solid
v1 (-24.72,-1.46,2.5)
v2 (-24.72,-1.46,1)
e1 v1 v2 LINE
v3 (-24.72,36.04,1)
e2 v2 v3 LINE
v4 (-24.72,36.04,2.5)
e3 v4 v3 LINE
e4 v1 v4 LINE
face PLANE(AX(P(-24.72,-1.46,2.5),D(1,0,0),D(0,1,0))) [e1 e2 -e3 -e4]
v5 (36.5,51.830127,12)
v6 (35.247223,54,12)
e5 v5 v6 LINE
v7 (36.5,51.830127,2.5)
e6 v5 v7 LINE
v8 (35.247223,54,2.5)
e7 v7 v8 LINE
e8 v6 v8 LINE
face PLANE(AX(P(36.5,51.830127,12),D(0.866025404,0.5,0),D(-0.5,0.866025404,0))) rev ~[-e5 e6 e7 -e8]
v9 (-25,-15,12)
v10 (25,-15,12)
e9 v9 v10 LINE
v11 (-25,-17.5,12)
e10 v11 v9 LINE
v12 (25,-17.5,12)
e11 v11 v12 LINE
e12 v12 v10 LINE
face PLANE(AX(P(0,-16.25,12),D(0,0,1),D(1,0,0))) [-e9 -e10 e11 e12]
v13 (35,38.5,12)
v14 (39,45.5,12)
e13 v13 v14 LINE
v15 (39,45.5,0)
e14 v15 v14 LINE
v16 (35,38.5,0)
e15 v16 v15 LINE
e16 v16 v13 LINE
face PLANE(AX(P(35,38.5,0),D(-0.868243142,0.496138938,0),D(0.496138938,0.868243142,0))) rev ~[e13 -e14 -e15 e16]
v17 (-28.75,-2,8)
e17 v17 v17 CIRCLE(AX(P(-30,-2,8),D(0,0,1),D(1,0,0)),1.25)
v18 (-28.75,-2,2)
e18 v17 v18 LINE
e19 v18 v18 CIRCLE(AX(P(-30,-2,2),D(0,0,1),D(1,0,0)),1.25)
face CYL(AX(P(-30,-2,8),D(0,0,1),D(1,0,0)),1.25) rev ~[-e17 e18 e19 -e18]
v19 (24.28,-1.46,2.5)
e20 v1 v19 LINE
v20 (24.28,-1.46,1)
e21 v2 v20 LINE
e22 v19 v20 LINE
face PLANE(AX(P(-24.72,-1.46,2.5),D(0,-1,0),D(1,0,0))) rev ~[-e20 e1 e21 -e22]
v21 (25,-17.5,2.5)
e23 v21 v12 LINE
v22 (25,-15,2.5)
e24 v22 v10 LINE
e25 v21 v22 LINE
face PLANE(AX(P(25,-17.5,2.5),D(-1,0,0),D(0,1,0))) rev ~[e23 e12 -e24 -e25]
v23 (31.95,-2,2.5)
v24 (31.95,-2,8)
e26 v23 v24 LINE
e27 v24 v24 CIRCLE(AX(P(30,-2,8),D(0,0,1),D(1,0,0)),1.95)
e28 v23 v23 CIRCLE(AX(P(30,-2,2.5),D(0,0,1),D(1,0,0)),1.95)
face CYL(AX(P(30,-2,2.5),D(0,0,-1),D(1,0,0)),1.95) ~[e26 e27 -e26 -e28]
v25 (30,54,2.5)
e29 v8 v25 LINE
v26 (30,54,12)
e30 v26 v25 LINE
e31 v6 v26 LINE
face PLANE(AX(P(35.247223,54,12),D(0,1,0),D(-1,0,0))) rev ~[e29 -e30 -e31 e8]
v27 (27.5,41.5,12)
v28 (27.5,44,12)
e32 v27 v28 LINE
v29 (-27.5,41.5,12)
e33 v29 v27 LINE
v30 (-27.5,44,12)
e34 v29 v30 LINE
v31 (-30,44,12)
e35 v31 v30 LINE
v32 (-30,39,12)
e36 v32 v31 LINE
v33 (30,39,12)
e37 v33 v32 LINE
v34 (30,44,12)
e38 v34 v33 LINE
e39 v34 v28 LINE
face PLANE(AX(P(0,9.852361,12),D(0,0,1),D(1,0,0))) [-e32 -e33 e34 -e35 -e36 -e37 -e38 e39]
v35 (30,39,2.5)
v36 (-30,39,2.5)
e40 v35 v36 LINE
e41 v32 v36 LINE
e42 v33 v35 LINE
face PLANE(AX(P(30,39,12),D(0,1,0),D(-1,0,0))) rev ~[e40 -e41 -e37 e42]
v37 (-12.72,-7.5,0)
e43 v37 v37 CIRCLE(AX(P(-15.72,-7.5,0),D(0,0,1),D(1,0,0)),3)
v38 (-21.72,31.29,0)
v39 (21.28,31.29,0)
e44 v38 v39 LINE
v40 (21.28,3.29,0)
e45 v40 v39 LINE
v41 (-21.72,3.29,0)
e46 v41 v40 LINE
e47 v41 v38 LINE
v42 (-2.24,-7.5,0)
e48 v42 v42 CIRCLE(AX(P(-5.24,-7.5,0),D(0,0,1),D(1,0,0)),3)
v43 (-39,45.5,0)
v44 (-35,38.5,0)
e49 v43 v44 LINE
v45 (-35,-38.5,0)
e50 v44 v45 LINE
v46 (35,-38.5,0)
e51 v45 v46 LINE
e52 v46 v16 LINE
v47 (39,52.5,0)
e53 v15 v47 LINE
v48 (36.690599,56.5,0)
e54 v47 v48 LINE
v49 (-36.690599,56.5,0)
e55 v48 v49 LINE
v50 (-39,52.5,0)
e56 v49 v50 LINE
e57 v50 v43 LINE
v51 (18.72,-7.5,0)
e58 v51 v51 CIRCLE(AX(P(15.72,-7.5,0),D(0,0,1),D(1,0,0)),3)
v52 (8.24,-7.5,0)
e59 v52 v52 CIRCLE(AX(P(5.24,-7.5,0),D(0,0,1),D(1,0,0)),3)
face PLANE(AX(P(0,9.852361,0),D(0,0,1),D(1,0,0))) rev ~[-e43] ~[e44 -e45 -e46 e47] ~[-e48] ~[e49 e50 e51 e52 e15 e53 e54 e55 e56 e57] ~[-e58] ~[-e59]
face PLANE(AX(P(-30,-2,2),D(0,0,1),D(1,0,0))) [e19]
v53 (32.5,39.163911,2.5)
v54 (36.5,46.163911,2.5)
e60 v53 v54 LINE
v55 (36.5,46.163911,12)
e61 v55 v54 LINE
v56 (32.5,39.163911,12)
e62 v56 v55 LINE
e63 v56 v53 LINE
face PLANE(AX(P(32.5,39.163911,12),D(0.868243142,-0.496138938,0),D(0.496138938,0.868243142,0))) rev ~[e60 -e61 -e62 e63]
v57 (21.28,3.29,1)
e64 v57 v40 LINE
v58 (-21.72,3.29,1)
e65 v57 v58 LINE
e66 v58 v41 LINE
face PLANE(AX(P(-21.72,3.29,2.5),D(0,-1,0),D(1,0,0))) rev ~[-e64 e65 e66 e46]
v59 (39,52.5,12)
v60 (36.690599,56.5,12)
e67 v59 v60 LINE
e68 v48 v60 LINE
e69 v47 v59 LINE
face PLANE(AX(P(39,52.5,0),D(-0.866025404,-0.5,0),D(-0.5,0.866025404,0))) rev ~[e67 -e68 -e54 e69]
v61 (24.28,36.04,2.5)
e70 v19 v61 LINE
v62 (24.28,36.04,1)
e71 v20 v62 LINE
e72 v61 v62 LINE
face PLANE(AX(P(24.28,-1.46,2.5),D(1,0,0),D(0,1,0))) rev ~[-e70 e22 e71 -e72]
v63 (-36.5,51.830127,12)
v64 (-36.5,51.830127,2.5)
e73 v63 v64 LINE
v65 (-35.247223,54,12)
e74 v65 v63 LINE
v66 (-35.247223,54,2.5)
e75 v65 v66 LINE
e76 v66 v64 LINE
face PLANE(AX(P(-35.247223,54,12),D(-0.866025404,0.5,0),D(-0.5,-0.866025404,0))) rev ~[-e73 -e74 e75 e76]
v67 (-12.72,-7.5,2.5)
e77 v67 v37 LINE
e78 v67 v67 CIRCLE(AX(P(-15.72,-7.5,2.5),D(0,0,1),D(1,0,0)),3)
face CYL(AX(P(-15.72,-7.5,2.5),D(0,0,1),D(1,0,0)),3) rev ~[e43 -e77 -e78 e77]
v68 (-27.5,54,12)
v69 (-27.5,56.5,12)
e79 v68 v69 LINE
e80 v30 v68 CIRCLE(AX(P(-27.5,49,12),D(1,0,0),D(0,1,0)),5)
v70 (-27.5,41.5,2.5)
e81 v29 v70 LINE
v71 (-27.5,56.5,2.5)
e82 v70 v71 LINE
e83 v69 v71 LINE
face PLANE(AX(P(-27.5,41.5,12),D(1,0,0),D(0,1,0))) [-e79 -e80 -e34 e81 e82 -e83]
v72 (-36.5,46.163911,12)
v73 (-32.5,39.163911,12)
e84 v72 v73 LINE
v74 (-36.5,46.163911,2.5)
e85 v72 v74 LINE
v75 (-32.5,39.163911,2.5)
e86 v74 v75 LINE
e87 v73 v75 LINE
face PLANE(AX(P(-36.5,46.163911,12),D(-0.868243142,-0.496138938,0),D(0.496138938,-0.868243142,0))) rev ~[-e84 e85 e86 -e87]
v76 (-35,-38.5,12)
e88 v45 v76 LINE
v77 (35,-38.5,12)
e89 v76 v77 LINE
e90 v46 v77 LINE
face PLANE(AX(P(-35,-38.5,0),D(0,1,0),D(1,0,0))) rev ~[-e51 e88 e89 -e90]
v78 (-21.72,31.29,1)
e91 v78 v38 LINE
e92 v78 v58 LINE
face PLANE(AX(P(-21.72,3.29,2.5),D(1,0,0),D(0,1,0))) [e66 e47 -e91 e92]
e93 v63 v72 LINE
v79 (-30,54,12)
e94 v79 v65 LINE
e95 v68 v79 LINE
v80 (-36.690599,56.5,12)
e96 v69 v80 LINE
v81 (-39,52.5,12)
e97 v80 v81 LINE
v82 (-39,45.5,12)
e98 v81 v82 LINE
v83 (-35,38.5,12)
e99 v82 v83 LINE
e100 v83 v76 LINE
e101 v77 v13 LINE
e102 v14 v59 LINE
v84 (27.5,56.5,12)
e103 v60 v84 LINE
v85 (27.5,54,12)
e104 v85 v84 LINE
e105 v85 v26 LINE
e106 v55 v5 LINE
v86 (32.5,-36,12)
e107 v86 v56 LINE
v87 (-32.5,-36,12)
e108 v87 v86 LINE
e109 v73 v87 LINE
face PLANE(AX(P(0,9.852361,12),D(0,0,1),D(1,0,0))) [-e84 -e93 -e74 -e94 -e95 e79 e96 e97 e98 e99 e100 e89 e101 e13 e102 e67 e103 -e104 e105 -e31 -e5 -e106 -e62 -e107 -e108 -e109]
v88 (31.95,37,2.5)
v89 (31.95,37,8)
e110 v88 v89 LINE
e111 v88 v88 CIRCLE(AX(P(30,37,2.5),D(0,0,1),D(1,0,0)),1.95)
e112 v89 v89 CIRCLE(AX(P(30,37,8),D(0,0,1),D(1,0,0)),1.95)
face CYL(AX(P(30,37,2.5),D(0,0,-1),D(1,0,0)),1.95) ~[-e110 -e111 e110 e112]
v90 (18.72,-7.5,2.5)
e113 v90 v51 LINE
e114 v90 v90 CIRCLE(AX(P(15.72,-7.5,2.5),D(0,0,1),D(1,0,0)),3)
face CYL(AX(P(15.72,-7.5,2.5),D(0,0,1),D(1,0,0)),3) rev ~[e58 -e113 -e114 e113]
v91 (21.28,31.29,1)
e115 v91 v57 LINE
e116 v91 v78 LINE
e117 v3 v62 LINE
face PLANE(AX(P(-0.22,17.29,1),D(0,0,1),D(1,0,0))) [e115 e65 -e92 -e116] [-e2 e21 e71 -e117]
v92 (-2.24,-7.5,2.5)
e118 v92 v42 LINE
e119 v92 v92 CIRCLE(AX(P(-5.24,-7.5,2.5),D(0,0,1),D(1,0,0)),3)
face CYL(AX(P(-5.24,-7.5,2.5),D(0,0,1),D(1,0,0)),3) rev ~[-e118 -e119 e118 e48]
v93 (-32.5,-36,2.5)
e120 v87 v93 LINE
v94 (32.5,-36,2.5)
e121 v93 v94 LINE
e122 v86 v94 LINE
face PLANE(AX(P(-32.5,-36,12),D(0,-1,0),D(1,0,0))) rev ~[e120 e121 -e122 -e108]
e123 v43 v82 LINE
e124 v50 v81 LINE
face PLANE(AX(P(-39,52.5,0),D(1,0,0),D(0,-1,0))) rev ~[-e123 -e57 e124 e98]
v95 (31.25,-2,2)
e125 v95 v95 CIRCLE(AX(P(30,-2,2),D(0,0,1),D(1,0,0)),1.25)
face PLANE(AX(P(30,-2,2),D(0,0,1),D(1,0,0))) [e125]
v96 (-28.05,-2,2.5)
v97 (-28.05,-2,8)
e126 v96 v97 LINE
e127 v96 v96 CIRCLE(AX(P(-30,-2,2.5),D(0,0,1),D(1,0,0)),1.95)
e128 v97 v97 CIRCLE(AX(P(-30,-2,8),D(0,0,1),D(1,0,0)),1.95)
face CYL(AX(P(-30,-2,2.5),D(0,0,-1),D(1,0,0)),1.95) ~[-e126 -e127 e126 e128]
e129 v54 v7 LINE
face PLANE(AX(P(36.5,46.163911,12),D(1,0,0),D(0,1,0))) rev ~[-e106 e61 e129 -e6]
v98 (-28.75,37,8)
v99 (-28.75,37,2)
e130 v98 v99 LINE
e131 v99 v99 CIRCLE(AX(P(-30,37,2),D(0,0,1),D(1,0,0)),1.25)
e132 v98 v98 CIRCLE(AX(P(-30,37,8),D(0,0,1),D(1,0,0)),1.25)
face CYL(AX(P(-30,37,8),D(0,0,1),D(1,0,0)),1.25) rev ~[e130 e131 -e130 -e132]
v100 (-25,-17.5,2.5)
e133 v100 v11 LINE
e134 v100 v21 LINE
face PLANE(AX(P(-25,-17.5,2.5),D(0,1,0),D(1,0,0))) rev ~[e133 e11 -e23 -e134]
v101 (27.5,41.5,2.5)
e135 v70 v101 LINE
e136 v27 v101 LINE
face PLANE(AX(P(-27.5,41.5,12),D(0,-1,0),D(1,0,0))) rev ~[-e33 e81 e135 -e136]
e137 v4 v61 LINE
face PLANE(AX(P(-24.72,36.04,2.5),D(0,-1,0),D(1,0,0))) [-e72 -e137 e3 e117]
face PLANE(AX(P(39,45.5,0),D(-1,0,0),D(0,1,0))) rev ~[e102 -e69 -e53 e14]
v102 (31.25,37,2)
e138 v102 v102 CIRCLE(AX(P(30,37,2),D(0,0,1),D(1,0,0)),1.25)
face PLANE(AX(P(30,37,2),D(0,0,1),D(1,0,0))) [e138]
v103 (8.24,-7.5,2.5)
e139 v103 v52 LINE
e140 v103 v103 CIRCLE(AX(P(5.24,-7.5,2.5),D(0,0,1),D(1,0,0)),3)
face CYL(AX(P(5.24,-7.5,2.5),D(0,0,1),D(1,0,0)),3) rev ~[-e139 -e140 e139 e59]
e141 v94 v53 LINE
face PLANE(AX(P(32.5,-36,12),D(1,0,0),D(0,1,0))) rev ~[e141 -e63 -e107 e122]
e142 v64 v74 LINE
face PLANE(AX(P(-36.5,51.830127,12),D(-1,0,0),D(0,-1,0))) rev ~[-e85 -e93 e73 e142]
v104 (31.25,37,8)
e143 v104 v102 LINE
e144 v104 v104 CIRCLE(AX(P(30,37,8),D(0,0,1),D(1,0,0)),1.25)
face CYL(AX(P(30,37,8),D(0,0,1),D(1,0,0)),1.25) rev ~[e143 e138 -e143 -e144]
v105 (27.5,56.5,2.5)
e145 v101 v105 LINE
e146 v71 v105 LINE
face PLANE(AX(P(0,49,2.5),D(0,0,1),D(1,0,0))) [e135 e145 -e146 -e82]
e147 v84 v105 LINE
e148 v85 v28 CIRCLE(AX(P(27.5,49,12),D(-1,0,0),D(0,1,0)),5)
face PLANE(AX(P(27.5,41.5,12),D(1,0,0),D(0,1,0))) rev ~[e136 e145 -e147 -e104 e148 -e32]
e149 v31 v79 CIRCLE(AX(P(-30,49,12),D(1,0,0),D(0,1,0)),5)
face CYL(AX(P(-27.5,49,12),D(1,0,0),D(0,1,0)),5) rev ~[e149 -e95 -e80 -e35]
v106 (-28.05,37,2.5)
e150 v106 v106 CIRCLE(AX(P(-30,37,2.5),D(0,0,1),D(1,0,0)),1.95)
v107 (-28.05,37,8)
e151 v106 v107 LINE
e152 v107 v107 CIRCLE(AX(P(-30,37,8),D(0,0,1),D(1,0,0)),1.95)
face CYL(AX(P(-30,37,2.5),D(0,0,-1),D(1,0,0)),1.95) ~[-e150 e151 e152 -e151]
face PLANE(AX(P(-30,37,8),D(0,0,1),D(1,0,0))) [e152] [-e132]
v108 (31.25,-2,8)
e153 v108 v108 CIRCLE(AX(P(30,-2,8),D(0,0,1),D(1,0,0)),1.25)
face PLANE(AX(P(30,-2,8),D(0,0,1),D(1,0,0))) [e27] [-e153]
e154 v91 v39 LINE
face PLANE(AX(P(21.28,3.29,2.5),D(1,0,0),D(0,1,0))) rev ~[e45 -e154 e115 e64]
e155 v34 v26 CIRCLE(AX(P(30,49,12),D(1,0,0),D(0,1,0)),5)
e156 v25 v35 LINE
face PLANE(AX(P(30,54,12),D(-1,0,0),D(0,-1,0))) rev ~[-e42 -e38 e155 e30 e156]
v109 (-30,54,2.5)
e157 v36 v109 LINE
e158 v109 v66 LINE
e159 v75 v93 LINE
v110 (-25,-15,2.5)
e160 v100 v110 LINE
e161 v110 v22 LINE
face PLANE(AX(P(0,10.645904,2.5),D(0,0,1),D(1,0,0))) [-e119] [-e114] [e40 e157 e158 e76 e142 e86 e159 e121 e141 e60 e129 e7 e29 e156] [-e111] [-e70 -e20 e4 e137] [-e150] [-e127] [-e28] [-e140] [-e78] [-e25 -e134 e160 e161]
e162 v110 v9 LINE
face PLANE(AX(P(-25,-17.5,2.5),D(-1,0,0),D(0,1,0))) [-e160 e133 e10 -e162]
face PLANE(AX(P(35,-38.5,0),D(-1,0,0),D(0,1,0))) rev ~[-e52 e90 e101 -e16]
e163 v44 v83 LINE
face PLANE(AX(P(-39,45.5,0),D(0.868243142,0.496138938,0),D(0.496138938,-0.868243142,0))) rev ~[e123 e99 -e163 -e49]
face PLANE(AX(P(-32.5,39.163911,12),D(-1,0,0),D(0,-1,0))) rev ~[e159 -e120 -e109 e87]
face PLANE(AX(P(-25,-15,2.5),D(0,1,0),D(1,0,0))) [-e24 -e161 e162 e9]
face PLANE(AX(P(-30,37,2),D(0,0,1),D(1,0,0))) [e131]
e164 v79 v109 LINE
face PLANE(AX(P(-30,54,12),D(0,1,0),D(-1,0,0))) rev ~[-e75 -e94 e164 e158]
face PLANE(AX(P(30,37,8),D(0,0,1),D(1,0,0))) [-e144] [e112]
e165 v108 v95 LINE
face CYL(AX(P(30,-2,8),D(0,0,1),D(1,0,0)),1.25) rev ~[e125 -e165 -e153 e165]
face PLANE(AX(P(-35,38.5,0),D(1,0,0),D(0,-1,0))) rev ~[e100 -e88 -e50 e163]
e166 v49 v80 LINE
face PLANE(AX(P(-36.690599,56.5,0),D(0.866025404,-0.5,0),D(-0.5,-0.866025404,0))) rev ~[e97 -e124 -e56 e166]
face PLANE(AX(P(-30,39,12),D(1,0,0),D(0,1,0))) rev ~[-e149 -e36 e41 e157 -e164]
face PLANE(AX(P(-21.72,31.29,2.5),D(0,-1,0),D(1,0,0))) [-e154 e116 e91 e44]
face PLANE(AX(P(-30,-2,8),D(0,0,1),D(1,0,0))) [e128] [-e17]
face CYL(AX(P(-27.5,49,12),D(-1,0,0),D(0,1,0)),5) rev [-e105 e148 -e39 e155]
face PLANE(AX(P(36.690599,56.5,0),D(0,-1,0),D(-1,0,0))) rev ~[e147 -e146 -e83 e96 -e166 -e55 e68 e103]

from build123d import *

# Parameters (mm, degrees)
F2_DEPTH      = 12
F3_W          = 55
F3_H          = 15
F4_DEPTH      = 9.5
F6_DEPTH      = 9.5
F7_R          = 5
F8_DEPTH      = 57.5
F8_DEPTH_BACK = 2.5
F9_W          = 50
F9_H          = 2.5
F10_DEPTH     = 9.5
F11_W         = 43
F11_H         = 28
F11_R         = 3
F12_DEPTH     = 2.5
F13_W         = 49
F13_H         = 37.5
F14_DEPTH     = 1.5
F15_R         = 1.95
F16_DEPTH     = 5.5
F17_R         = 1.25
F18_DEPTH     = 6


with BuildPart() as f2:
    # F1 (on Top) → F2 (new body)
    with BuildSketch(Plane.XY):
        Polygon((-35, 38.5), (-35, -38.5), (35, -38.5), (35, 38.5), (39, 45.5), (39, 52.5), (36.6905989232, 56.5), (-36.6905989232, 56.5), (-39, 52.5), (-39, 45.5), align=None)
    extrude(amount=F2_DEPTH)

    # F3 (on face) → F4 (cut)
    with BuildSketch(Plane.XY.offset(12)):
        with Locations((0, 49)):
            Rectangle(F3_W, F3_H)
    extrude(amount=-F4_DEPTH, mode=Mode.SUBTRACT)

    # F5 (on face) → F6 (cut)
    with BuildSketch(Plane.XY.offset(12)):
        Polygon((-32.5, 39.1639110927), (-32.5, -36), (32.5, -36), (32.5, 39.1639110927), (36.5, 46.1639110927), (36.5, 51.8301270189), (35.2472232503, 54), (30, 54), (30, 39), (-30, 39), (-30, 54), (-35.2472232503, 54), (-36.5, 51.8301270189), (-36.5, 46.1639110927), align=None)
    extrude(amount=-F6_DEPTH, mode=Mode.SUBTRACT)

    # F7 (on face) → F8 (cut, two sides)
    with BuildSketch(Plane.YZ.offset(-27.5)) as f8_sk:
        with Locations((49, 12)):
            Circle(F7_R)
    extrude(amount=F8_DEPTH, mode=Mode.SUBTRACT)
    extrude(f8_sk.sketch, amount=-F8_DEPTH_BACK, mode=Mode.SUBTRACT)

    # F9 (on face) → F10 (join)
    with BuildSketch(Plane.XY.offset(2.5)):
        with Locations((0, -16.25)):
            Rectangle(F9_W, F9_H)
    extrude(amount=F10_DEPTH)

    # F11 (on face) → F12 (cut, through all)
    with BuildSketch(Plane.XY.offset(2.5)):
        with Locations((-0.22, 17.29)):
            Rectangle(F11_W, F11_H)
        with Locations((-15.72, -7.5)):
            Circle(F11_R)
        with Locations((-5.24, -7.5)):
            Circle(F11_R)
        with Locations((5.24, -7.5)):
            Circle(F11_R)
        with Locations((15.72, -7.5)):
            Circle(F11_R)
    extrude(amount=-F12_DEPTH, mode=Mode.SUBTRACT)

    # F13 (on face) → F14 (cut)
    with BuildSketch(Plane.XY.offset(2.5)):
        with Locations((-0.22, 17.29)):
            Rectangle(F13_W, F13_H)
    extrude(amount=-F14_DEPTH, mode=Mode.SUBTRACT)

    # F15 (on face) → F16 (join)
    with BuildSketch(Plane.XY.offset(2.5)):
        with Locations((-30, 37)):
            Circle(F15_R)
        with Locations((30, 37)):
            Circle(F15_R)
        with Locations((-30, -2)):
            Circle(F15_R)
        with Locations((30, -2)):
            Circle(F15_R)
    extrude(amount=F16_DEPTH)

    # F17 (on face) → F18 (cut)
    with BuildSketch(Plane.XY.offset(8)):
        with Locations((-30, 37)):
            Circle(F17_R)
        with Locations((30, 37)):
            Circle(F17_R)
        with Locations((30, -2)):
            Circle(F17_R)
        with Locations((-30, -2)):
            Circle(F17_R)
    extrude(amount=-F18_DEPTH, mode=Mode.SUBTRACT)


solid = f2.part
